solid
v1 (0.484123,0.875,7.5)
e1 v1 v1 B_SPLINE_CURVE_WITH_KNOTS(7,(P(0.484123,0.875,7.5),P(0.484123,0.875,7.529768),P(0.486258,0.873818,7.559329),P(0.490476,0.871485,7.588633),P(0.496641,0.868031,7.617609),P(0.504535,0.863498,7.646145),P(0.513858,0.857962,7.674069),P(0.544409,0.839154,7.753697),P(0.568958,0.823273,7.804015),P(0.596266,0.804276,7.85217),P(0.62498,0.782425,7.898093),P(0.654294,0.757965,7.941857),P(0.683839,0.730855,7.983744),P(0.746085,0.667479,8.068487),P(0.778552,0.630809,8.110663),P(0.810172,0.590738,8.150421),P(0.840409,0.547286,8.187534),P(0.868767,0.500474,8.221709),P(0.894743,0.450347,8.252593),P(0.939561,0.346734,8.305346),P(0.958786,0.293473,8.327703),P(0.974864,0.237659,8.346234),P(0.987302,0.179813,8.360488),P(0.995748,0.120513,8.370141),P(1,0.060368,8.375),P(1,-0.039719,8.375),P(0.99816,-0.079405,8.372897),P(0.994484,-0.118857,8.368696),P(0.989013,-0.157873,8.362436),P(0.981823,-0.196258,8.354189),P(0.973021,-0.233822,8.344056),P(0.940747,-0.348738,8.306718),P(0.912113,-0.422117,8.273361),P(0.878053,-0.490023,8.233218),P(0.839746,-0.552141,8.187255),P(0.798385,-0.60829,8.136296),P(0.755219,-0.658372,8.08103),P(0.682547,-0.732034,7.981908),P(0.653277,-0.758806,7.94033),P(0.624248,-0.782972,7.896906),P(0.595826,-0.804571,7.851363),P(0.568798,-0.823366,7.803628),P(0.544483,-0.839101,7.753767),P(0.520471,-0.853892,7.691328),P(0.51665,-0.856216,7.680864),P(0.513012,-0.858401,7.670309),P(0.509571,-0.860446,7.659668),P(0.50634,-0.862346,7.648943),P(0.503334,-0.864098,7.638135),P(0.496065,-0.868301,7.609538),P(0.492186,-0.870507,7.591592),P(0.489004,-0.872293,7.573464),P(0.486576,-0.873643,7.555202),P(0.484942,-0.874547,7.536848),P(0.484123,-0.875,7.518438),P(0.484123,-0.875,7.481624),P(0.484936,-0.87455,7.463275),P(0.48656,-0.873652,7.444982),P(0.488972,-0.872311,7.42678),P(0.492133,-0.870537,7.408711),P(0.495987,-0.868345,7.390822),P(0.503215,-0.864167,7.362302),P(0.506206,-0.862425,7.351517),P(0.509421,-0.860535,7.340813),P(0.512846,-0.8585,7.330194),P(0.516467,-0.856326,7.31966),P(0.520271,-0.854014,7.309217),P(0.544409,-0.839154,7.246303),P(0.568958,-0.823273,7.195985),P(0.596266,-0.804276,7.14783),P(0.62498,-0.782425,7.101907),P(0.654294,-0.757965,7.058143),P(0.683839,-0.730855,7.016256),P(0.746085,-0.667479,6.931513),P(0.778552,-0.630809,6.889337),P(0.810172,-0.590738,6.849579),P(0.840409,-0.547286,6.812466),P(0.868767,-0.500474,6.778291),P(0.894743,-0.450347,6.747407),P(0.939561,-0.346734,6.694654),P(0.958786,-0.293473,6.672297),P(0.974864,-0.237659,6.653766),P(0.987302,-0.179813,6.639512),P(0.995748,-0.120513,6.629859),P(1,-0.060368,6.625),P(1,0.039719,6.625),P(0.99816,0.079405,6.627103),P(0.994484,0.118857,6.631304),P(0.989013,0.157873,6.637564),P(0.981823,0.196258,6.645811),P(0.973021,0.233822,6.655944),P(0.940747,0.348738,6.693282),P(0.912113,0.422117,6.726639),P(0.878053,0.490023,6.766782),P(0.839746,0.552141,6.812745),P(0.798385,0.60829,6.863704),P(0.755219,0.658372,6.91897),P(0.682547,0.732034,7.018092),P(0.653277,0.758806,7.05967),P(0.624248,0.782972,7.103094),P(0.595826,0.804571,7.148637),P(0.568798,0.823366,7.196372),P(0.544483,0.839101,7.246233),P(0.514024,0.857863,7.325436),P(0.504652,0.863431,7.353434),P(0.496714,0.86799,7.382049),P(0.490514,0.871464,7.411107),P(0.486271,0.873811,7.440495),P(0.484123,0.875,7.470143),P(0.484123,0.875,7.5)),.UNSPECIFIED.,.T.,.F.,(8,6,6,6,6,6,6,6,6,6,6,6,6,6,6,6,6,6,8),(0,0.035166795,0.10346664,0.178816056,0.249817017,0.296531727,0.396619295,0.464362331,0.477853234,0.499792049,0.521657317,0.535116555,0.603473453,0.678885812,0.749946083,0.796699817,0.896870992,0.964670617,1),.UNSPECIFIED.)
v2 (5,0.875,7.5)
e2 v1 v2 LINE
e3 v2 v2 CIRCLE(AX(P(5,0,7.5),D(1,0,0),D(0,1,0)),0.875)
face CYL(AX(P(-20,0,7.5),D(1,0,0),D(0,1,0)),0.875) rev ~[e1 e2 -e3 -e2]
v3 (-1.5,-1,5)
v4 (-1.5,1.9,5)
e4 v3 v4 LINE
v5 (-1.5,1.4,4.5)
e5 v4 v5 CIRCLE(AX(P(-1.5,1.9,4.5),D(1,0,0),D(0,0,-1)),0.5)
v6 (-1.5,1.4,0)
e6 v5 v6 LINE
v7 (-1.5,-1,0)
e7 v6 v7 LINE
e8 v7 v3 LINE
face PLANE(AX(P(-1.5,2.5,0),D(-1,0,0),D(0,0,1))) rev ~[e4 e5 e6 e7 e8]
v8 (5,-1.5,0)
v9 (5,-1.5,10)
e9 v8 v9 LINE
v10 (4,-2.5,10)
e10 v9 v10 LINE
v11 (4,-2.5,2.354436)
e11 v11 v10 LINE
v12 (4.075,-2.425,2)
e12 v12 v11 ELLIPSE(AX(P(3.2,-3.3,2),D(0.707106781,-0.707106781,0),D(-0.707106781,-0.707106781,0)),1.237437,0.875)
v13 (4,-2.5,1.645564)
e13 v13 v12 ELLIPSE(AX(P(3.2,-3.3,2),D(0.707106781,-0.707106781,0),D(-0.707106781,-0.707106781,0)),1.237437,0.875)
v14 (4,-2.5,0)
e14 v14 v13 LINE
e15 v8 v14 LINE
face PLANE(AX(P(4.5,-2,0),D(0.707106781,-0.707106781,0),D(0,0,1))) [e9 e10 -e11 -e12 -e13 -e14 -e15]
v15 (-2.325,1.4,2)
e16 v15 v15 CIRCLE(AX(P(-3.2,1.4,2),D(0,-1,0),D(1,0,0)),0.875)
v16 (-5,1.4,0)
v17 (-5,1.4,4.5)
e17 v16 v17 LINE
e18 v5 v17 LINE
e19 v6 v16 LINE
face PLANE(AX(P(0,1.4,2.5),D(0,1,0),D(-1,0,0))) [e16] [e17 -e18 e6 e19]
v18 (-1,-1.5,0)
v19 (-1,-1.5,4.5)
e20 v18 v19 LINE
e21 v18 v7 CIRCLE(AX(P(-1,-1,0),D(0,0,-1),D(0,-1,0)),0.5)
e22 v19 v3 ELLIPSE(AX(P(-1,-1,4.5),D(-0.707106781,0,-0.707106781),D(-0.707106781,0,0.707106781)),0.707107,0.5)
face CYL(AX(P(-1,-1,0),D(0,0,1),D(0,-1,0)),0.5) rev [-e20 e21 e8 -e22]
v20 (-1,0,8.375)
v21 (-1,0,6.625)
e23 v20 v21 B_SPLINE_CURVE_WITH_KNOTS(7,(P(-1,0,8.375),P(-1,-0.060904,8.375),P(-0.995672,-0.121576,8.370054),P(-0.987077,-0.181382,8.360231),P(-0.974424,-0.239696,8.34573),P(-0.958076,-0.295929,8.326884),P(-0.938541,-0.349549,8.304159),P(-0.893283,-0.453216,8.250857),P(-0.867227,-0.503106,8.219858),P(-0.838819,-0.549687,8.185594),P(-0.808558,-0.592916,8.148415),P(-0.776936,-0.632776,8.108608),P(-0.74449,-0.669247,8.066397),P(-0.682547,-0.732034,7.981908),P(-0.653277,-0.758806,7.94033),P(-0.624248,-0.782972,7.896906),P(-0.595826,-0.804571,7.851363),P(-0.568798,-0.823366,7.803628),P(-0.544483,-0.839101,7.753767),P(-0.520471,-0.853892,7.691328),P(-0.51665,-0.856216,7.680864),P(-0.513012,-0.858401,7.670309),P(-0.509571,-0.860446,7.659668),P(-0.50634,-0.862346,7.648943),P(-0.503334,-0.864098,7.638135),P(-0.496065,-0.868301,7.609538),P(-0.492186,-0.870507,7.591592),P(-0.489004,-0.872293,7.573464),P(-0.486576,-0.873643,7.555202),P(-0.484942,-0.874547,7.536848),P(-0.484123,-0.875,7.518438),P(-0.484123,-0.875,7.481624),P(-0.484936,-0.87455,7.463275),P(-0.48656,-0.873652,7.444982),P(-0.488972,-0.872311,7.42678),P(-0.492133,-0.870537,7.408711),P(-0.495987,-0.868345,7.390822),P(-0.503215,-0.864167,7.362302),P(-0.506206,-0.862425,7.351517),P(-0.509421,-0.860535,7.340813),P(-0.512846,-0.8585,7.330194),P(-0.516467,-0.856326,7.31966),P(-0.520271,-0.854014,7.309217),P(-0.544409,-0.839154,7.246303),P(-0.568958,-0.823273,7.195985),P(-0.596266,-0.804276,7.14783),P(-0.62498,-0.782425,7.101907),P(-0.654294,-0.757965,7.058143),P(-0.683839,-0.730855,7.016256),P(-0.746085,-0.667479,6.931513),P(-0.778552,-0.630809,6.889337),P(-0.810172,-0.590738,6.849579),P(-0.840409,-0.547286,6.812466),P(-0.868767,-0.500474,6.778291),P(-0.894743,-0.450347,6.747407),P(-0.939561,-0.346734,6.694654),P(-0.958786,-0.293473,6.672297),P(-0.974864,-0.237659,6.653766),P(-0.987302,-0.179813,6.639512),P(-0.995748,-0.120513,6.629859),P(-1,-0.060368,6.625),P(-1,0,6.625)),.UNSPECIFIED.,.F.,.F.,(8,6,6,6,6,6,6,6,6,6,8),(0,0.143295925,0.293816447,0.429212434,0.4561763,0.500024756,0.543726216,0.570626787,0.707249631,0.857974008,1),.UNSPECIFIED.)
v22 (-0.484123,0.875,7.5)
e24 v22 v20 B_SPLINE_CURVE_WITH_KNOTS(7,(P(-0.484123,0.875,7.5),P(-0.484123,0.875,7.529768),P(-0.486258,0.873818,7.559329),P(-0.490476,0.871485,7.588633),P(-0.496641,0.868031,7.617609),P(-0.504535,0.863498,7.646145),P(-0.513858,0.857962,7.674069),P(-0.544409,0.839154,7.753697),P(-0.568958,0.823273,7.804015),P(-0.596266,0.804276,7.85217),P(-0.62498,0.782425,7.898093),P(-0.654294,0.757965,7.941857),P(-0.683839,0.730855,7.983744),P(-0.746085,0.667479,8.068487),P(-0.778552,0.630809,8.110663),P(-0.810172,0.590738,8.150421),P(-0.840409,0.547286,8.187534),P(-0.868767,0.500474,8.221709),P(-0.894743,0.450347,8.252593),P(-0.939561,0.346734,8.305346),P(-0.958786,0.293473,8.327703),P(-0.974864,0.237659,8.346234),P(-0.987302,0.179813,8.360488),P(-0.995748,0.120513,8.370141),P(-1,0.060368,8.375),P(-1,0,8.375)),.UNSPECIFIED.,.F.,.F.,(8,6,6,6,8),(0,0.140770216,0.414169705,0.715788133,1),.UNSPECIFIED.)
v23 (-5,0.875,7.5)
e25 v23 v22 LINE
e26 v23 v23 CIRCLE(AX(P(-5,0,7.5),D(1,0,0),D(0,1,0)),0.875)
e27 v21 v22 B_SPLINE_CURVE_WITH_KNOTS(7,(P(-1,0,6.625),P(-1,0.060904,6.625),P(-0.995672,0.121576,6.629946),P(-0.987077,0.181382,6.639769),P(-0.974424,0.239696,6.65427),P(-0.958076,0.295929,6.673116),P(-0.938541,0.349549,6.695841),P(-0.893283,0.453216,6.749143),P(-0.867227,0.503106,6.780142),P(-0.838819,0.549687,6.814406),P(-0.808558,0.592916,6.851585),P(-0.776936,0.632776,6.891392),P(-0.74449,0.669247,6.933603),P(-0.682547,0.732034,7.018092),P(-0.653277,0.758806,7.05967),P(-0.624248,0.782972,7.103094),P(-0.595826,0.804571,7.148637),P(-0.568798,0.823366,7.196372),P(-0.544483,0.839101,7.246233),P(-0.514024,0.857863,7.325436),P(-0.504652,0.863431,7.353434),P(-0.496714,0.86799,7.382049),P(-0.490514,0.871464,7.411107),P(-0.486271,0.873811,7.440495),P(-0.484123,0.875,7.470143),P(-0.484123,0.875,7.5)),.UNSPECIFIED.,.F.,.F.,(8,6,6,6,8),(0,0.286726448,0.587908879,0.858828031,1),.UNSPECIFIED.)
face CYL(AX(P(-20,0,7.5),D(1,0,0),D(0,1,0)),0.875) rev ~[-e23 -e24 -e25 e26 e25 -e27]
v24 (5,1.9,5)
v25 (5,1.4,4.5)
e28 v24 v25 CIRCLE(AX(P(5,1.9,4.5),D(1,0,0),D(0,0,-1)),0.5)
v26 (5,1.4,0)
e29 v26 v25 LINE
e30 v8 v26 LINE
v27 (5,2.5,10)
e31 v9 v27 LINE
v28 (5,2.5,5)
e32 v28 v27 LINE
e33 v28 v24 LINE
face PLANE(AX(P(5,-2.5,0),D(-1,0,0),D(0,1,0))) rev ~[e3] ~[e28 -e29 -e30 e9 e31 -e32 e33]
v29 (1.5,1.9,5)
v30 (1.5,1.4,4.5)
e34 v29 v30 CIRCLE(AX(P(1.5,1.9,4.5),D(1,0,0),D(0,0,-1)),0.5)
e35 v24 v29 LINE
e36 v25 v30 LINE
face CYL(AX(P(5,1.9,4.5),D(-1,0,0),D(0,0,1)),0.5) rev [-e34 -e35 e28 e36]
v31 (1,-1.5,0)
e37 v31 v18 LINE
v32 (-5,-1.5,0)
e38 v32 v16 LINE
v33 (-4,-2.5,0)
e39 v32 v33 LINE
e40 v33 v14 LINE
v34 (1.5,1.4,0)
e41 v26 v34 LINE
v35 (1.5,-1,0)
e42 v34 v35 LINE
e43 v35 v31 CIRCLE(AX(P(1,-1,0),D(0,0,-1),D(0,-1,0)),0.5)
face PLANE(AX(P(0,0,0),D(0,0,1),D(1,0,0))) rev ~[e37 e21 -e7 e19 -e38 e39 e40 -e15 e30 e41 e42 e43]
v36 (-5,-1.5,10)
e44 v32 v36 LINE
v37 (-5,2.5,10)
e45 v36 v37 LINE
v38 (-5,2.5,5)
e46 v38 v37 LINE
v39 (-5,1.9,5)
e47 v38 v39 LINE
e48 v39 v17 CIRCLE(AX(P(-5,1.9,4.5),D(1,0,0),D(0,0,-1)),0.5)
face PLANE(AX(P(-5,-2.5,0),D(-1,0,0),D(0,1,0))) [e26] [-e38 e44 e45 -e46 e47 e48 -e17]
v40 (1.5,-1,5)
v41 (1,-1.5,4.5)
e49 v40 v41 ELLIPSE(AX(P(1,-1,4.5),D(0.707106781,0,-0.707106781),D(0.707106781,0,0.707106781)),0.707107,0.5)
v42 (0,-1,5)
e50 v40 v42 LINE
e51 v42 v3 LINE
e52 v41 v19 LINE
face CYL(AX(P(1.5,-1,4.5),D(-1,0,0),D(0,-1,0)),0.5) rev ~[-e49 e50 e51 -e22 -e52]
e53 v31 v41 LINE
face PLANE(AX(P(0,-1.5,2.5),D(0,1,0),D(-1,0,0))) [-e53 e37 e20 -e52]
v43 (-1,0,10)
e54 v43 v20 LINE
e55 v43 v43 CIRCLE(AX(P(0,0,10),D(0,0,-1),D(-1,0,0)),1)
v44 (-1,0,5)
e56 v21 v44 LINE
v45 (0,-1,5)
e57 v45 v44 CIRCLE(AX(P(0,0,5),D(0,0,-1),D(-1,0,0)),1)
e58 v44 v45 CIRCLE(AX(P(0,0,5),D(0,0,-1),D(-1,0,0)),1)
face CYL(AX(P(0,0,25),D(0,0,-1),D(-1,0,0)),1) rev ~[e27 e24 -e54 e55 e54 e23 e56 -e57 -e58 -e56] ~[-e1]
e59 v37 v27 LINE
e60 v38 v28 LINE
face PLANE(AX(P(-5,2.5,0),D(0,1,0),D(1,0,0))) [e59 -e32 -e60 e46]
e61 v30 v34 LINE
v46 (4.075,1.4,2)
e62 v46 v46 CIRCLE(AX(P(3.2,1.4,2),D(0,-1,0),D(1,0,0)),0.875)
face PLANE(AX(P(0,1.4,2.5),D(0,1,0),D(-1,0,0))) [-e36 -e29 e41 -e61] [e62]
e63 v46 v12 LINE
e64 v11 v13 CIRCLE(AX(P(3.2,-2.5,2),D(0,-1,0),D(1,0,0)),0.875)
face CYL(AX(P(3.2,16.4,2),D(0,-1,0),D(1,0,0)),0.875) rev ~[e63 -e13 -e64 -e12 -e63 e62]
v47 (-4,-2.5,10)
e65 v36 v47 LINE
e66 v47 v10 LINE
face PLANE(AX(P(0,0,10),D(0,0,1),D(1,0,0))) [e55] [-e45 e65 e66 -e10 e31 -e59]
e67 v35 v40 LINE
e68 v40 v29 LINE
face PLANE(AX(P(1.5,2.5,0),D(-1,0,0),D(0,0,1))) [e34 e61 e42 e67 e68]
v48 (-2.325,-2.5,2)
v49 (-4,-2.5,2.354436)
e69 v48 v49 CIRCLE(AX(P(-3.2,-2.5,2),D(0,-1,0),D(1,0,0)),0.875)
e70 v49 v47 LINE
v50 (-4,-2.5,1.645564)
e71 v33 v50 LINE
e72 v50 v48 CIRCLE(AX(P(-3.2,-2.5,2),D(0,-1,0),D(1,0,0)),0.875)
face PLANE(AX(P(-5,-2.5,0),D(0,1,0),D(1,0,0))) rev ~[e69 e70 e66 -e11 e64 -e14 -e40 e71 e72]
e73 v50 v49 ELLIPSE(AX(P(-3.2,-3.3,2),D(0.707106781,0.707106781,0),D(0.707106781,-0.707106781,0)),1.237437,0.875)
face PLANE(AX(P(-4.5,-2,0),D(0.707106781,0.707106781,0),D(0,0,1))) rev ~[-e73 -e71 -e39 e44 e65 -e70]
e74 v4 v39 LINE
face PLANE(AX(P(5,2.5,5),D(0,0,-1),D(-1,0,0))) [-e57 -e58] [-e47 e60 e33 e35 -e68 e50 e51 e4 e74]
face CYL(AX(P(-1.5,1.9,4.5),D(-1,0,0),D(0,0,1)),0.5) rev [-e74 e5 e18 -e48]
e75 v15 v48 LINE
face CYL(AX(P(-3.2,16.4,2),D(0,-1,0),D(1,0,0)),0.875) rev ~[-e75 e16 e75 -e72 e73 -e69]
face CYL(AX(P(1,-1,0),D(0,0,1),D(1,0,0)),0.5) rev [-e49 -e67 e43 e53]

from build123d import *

# Parameters (mm, degrees)
F0_W     = 10
F0_H     = 5
F1_DEPTH = 10
F2_W     = 3
F2_H     = 5
F3_DEPTH = 4
F4_W     = 10
F4_H     = 5
F5_DEPTH = 1.1
F6_R     = 0.5
F7_R     = 0.5
F8_SIZE  = 1
F10_D    = 1.75
F12_D    = 1.75
F14_D    = 2


with BuildPart() as f1:
    # F0 (on Top) → F1 (new body)
    with BuildSketch(Plane.XY):
        Rectangle(F0_W, F0_H)
    extrude(amount=F1_DEPTH)

    # F2 (on face) → F3 (cut)
    with BuildSketch(Plane(origin=(0, 2.5, 0), x_dir=(-1, 0, 0), z_dir=(0, 1, 0))):
        with Locations((0, 2.5)):
            Rectangle(F2_W, F2_H)
    extrude(amount=-F3_DEPTH, mode=Mode.SUBTRACT)

    # F4 (on face) → F5 (cut)
    with BuildSketch(Plane(origin=(0, 2.5, 0), x_dir=(-1, 0, 0), z_dir=(0, 1, 0))):
        with Locations((0, 2.5)):
            Rectangle(F4_W, F4_H)
    extrude(amount=-F5_DEPTH, mode=Mode.SUBTRACT)

    # F6
    f6_edges = [f1.edges().sort_by_distance(p)[0] for p in [
        (1.5, -1.5, 2.5),
        (-1.5, -1.5, 2.5),
        (0, -1.5, 5),
    ]]
    fillet(f6_edges, radius=F6_R)

    # F7
    f7_edges = [f1.edges().sort_by_distance(p)[0] for p in [
        (-3.25, 1.4, 5),
        (3.25, 1.4, 5),
    ]]
    fillet(f7_edges, radius=F7_R)

    # F8
    f8_edges = [f1.edges().sort_by_distance(p)[0] for p in [
        (5, -2.5, 5),
        (-5, -2.5, 5),
    ]]
    chamfer(f8_edges, length=F8_SIZE)

    # F10 (through all)
    with Locations(Plane(origin=(0, 1.4, 0), x_dir=(-1, 0, 0), z_dir=(0, 1, 0))):
        with Locations((-3.2, 2), (3.2, 2)):
            Hole(F10_D / 2)

    # F12 (through all)
    with Locations(Plane(origin=(-5, 0, 0), x_dir=(0, -1, 0), z_dir=(-1, 0, 0))):
        with Locations((0, 7.5)):
            Hole(F12_D / 2)

    # F14 (through all)
    with Locations(Plane.XY.offset(10)):
        with Locations((0, 0)):
            Hole(F14_D / 2)


solid = f1.part
